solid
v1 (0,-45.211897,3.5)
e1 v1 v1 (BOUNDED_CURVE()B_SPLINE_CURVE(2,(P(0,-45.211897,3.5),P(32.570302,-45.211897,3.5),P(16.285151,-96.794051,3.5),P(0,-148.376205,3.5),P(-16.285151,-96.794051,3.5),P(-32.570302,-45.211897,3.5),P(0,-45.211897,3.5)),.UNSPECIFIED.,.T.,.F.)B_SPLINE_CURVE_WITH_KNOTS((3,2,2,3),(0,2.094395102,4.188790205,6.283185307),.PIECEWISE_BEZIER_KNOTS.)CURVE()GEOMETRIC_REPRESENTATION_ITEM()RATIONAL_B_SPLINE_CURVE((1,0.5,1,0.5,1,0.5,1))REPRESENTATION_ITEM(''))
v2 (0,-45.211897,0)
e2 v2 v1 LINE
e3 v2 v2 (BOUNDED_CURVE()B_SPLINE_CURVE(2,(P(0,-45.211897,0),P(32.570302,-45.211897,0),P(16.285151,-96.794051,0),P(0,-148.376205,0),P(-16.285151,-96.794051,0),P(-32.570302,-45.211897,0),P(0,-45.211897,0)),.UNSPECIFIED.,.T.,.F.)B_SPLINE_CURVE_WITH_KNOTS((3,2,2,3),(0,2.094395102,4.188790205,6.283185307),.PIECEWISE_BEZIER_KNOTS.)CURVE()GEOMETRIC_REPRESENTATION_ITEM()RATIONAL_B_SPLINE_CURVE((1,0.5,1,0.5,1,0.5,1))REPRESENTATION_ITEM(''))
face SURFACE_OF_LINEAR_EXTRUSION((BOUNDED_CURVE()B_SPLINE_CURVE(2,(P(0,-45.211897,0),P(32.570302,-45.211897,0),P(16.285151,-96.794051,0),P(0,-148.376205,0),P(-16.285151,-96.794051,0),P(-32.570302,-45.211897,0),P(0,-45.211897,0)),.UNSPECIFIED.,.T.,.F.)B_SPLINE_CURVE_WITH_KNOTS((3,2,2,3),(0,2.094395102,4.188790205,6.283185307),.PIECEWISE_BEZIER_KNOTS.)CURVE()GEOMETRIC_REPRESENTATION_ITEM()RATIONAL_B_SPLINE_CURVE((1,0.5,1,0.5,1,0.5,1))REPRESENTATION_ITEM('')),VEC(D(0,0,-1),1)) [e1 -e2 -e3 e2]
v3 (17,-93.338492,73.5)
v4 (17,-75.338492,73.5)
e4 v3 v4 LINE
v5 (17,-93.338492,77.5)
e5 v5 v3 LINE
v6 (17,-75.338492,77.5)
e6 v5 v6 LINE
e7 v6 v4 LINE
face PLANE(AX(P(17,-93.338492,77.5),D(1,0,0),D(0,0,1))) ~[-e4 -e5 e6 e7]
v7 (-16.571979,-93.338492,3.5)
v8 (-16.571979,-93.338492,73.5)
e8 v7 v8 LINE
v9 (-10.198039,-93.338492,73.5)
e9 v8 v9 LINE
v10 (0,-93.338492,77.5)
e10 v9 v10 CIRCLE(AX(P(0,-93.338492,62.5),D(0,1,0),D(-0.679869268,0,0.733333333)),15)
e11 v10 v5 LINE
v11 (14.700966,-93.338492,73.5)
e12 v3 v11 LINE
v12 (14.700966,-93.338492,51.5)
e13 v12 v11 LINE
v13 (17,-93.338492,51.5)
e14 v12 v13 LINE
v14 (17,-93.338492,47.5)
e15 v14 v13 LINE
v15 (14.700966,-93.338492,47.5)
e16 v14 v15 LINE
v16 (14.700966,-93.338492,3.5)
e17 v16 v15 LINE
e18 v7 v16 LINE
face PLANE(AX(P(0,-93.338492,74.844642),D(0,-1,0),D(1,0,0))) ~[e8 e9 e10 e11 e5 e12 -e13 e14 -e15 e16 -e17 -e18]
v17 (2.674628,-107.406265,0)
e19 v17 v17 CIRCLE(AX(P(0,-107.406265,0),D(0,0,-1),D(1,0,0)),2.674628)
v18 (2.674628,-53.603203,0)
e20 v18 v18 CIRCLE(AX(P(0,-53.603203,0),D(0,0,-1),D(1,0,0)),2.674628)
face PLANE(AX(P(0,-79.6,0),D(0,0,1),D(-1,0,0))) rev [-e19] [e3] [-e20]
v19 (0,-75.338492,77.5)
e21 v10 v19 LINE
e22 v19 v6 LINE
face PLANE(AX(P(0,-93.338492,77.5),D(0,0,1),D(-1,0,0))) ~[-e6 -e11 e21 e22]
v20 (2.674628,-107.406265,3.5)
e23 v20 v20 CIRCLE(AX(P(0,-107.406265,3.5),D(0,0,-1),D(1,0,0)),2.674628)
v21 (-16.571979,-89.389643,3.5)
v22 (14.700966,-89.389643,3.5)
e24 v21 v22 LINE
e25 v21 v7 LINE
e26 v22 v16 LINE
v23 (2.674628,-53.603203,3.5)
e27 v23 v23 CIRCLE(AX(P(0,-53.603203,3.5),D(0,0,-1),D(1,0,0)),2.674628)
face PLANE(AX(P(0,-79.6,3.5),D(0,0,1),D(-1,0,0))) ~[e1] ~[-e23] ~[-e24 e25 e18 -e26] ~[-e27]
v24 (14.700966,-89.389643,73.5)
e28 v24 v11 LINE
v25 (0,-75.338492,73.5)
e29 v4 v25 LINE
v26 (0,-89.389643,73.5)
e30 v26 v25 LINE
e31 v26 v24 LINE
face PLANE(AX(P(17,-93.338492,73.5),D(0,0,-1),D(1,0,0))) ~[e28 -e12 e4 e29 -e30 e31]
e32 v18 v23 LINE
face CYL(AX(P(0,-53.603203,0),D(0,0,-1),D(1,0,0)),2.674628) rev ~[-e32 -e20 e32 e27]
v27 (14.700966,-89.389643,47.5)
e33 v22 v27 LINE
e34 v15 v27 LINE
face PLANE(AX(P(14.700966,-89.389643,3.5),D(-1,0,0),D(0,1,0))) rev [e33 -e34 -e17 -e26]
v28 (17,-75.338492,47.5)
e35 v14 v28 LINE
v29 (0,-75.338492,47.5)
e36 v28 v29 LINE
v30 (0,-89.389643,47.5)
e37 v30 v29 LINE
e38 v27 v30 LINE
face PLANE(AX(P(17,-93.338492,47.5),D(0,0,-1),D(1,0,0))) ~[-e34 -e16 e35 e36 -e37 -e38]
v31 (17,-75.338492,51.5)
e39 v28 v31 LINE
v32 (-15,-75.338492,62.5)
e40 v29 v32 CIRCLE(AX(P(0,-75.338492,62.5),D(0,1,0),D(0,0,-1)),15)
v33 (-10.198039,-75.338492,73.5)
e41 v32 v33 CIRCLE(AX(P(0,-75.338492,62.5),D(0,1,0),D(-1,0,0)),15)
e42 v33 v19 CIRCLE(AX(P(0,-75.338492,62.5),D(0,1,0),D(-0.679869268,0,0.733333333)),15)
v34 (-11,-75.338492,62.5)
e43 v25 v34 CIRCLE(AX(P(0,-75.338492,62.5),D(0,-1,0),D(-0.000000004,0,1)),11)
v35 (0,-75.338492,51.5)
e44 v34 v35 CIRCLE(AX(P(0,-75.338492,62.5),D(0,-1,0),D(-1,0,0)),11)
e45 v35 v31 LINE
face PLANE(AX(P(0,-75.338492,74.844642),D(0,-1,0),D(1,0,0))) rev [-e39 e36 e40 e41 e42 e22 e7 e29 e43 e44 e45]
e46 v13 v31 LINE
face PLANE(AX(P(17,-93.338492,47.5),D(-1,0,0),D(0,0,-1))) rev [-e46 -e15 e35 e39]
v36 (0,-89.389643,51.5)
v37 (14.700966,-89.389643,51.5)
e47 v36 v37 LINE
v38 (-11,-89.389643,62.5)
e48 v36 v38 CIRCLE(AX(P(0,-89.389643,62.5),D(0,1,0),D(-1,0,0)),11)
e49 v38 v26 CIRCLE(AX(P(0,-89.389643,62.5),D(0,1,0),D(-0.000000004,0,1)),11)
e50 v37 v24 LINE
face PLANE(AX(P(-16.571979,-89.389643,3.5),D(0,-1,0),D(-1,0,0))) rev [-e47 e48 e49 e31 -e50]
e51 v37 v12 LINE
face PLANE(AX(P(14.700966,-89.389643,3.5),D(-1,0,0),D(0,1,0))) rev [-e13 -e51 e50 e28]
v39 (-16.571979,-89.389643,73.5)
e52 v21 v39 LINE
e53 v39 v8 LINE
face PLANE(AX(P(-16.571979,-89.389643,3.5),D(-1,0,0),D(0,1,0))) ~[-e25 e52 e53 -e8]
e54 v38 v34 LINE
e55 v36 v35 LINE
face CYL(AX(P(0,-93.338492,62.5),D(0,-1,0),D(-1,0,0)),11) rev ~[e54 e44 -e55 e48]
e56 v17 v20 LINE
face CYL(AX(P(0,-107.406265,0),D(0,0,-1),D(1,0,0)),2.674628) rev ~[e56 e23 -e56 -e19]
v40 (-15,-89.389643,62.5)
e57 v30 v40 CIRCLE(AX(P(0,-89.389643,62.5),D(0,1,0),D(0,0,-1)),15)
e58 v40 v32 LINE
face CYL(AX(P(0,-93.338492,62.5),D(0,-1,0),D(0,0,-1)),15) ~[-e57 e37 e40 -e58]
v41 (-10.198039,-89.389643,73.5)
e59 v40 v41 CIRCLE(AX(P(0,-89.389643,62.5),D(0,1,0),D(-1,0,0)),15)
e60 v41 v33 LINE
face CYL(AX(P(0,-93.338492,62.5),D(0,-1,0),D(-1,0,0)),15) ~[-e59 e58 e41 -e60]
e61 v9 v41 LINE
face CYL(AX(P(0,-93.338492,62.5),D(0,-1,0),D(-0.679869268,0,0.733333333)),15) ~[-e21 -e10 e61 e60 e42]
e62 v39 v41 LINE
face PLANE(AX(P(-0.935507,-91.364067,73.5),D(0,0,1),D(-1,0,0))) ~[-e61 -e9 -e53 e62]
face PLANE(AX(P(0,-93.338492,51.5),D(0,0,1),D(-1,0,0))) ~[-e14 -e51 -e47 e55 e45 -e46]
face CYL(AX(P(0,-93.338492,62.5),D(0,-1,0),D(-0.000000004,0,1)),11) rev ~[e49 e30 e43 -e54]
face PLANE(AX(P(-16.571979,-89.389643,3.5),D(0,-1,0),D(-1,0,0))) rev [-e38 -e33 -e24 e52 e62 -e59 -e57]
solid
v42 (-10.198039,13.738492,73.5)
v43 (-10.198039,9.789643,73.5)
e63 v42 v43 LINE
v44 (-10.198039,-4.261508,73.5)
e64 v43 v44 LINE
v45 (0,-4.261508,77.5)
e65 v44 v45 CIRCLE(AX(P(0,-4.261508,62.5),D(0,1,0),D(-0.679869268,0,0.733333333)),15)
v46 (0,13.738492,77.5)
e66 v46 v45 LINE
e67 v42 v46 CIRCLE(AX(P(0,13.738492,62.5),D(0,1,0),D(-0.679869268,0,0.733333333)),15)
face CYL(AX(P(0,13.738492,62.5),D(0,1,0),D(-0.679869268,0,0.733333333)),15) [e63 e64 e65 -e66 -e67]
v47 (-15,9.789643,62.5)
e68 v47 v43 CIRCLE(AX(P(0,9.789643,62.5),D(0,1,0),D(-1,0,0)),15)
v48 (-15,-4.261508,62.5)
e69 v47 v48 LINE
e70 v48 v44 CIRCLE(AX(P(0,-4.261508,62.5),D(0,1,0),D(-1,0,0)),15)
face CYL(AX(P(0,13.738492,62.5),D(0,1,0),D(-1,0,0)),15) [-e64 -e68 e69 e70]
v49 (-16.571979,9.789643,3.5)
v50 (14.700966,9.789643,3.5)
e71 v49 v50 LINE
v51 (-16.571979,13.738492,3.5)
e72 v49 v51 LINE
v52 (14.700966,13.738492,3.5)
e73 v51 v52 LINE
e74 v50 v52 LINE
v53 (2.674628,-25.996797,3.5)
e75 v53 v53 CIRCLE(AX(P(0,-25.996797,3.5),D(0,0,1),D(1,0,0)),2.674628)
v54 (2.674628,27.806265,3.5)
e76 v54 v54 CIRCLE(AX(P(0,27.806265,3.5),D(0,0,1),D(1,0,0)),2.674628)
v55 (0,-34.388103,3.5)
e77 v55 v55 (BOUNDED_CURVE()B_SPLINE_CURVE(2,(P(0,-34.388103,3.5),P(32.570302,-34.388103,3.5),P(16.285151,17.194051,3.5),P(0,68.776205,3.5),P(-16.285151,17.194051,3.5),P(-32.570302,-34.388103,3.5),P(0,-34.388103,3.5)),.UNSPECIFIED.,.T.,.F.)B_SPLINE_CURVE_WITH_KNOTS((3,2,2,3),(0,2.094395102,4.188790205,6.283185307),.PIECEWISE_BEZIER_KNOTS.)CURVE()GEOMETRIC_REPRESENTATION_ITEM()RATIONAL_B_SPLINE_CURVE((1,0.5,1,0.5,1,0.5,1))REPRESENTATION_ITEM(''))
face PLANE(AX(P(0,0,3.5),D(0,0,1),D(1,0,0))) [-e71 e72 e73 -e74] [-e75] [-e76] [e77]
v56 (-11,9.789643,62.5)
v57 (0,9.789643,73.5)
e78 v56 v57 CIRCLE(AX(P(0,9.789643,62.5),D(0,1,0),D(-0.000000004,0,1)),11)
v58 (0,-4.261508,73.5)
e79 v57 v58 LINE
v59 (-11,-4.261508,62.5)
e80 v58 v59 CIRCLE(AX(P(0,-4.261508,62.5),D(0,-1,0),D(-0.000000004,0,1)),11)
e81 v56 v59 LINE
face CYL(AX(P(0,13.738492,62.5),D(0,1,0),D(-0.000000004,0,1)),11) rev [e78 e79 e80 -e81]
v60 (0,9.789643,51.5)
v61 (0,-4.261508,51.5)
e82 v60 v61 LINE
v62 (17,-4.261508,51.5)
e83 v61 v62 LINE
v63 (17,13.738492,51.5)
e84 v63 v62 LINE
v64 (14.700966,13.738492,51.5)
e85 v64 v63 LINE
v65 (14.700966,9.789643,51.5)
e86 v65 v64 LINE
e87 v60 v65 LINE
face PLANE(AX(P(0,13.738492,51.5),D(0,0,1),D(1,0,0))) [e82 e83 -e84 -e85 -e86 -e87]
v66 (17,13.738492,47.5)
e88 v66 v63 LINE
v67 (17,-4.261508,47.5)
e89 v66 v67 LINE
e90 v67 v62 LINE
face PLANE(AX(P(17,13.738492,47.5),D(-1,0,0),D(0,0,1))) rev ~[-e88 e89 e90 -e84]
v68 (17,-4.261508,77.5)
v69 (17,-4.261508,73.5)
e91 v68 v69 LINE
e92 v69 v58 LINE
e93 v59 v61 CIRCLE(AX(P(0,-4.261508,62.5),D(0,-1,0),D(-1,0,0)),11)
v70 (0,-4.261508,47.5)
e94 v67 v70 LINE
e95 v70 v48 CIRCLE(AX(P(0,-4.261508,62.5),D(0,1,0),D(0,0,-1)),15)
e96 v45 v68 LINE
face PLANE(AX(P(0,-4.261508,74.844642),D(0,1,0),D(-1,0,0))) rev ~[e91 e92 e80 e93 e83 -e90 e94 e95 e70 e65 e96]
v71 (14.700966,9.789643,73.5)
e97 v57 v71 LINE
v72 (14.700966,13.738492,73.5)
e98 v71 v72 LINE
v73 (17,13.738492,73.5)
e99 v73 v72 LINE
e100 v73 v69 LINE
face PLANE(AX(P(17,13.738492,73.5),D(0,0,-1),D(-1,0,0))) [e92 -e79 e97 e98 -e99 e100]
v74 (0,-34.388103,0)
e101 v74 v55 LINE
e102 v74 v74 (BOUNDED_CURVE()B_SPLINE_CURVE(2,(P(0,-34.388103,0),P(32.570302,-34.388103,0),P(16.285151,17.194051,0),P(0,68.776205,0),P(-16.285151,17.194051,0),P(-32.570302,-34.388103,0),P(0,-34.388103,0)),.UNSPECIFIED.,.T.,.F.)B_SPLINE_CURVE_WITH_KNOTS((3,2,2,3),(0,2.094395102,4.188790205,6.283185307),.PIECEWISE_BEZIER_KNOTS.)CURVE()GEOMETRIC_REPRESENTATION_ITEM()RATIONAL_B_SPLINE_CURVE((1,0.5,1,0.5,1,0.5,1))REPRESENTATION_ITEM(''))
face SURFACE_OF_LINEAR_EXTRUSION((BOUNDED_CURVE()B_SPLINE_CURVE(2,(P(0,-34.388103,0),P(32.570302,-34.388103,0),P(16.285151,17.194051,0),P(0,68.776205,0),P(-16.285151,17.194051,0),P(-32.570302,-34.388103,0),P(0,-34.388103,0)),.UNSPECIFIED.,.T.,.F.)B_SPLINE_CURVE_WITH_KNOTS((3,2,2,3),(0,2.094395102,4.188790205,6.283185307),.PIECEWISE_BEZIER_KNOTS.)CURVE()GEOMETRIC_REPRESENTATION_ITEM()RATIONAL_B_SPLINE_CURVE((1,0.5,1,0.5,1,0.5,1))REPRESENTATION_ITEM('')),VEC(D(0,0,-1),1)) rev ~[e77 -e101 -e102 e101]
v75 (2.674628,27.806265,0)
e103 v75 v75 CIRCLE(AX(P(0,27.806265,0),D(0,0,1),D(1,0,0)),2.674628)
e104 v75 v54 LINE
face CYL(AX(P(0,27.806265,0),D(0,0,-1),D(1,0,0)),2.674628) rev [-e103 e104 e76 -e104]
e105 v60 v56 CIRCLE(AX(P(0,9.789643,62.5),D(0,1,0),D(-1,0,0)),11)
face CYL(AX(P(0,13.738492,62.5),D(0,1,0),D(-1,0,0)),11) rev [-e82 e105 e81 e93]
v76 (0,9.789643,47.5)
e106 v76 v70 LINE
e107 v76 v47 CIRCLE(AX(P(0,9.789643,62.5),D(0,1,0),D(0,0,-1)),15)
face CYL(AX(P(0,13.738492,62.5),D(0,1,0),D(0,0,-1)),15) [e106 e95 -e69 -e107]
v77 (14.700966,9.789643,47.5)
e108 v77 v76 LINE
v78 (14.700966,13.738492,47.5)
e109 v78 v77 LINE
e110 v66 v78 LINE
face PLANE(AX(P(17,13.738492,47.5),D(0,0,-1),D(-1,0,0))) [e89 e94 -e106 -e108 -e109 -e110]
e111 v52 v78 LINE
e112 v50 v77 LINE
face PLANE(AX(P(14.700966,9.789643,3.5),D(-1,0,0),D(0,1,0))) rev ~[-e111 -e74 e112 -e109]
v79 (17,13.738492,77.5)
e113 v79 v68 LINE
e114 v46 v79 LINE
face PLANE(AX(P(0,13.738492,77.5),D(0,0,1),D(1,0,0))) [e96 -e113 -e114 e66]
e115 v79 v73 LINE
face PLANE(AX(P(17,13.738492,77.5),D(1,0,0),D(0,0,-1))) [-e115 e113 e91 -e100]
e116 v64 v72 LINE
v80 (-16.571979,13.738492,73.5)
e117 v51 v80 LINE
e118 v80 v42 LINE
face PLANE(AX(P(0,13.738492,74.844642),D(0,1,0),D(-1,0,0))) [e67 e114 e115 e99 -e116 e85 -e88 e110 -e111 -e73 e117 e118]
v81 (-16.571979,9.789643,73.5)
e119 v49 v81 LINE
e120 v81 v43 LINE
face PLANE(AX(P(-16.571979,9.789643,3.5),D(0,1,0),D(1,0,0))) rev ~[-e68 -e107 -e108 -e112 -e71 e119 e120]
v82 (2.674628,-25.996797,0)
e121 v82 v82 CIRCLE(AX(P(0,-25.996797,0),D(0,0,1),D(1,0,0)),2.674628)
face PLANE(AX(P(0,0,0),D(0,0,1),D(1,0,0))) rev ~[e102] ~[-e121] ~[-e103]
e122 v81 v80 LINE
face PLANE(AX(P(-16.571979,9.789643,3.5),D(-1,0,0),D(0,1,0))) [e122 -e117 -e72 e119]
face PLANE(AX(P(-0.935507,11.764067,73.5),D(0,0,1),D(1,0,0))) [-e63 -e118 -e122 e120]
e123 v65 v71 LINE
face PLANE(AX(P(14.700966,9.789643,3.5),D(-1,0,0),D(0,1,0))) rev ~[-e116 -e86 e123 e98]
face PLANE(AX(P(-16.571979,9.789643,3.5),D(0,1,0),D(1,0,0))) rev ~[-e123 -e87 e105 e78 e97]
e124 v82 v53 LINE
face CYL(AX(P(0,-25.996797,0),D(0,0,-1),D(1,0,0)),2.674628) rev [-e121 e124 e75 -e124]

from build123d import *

# Parameters (mm, degrees)
F0_R     = 2.6746278755
F0_W     = 14.561378397
F0_H     = 22.9526823387
F1_DEPTH = 3.5
F2_W     = 31.2729449943
F2_H     = 3.9488486946
F3_DEPTH = 70
F4_W     = 2.2990340441
F4_H     = 4
F5_DEPTH = 18


with BuildPart() as f1:
    # F0 (on Top) → F1 (new body)
    with BuildSketch(Plane.XY):
        with BuildLine():
            add(Edge.make_bspline(
                [(0, -34.388102591), (32.5703019708, -34.388102591), (16.2851509854, 17.1940512955), (0, 68.7762051821), (-16.2851509854, 17.1940512955), (-32.5703019708, -34.388102591), (0, -34.388102591)],
                knots=[0, 0, 0, 2.0943951024, 2.0943951024, 4.1887902048, 4.1887902048, 6.2831853072, 6.2831853072, 6.2831853072], degree=2, weights=[1, 0.5, 1, 0.5, 1, 0.5, 1]))
        make_face()
        with Locations((0, -25.9967967868)):
            Circle(F0_R, mode=Mode.SUBTRACT)
        with Locations((0.5992683582, -3.6611226387)):
            Rectangle(F0_W, F0_H, mode=Mode.SUBTRACT)
        with Locations((0, 27.8062652797)):
            Circle(F0_R, mode=Mode.SUBTRACT)
        with Locations((0.5992683582, -3.6611226387)):
            Rectangle(F0_W, F0_H)
    extrude(amount=F1_DEPTH)

    # F2 (on face) → F3 (join)
    with BuildSketch(Plane.XY.offset(3.5)):
        with Locations((-0.9355065413, 11.7640672252)):
            Rectangle(F2_W, F2_H)
    extrude(amount=F3_DEPTH)

    # F4 (on face) → F5 (join)
    with BuildSketch(Plane(origin=(0, 13.7384915724, 0), x_dir=(-1, 0, 0), z_dir=(0, 1, 0))):
        with BuildLine():
            Line((-10.1980390272, 73.5), (3.87e-08, 73.5))
            Line((3.87e-08, 73.5), (0.9355065413, 73.5))
            Line((0.9355065413, 73.5), (10.1980390272, 73.5))
            ThreePointArc((10.1980390272, 73.5), (5.4772255751, 76.4642400438), (0, 77.5))
            ThreePointArc((0, 77.5), (-5.4772255751, 76.4642400438), (-10.1980390272, 73.5))
        make_face()
        with BuildLine():
            Line((-14.7009659559, 73.5), (-10.1980390272, 73.5))
            ThreePointArc((-10.1980390272, 73.5), (-5.4772255751, 76.4642400438), (0, 77.5))
            Line((0, 77.5), (-17, 77.5))
            Line((-17, 77.5), (-17, 73.5))
            Line((-17, 73.5), (-14.7009659559, 73.5))
        make_face()
        with Locations((-15.8504829779, 49.5)):
            Rectangle(F4_W, F4_H)
        with BuildLine():
            ThreePointArc((0, 47.5), (-5.4772255751, 48.5357599562), (-10.1980390272, 51.5))
            Line((-10.1980390272, 51.5), (-14.7009659559, 51.5))
            Line((-14.7009659559, 51.5), (-14.7009659559, 47.5))
            Line((-14.7009659559, 47.5), (0, 47.5))
        make_face()
        with BuildLine():
            ThreePointArc((11, 62.5), (7.7781745931, 54.7218254069), (0, 51.5))
            Line((0, 51.5), (-10.1980390272, 51.5))
            ThreePointArc((-10.1980390272, 51.5), (-5.4772255751, 48.5357599562), (0, 47.5))
            ThreePointArc((0, 47.5), (10.6066017178, 51.8933982822), (15, 62.5))
            ThreePointArc((15, 62.5), (13.7471921753, 68.5012254829), (10.1980390272, 73.5))
            Line((10.1980390272, 73.5), (0.9355065413, 73.5))
            Line((0.9355065413, 73.5), (3.87e-08, 73.5))
            ThreePointArc((3.87e-08, 73.5), (7.7781746067, 70.2781745794), (11, 62.5))
        make_face()
    extrude(amount=-F5_DEPTH)


with BuildPart() as f7_1:
    # F7: instance of F1
    add(f1.part.mirror(Plane.XZ.offset(39.8)))


solid = Compound([f1.part, f7_1.part])
